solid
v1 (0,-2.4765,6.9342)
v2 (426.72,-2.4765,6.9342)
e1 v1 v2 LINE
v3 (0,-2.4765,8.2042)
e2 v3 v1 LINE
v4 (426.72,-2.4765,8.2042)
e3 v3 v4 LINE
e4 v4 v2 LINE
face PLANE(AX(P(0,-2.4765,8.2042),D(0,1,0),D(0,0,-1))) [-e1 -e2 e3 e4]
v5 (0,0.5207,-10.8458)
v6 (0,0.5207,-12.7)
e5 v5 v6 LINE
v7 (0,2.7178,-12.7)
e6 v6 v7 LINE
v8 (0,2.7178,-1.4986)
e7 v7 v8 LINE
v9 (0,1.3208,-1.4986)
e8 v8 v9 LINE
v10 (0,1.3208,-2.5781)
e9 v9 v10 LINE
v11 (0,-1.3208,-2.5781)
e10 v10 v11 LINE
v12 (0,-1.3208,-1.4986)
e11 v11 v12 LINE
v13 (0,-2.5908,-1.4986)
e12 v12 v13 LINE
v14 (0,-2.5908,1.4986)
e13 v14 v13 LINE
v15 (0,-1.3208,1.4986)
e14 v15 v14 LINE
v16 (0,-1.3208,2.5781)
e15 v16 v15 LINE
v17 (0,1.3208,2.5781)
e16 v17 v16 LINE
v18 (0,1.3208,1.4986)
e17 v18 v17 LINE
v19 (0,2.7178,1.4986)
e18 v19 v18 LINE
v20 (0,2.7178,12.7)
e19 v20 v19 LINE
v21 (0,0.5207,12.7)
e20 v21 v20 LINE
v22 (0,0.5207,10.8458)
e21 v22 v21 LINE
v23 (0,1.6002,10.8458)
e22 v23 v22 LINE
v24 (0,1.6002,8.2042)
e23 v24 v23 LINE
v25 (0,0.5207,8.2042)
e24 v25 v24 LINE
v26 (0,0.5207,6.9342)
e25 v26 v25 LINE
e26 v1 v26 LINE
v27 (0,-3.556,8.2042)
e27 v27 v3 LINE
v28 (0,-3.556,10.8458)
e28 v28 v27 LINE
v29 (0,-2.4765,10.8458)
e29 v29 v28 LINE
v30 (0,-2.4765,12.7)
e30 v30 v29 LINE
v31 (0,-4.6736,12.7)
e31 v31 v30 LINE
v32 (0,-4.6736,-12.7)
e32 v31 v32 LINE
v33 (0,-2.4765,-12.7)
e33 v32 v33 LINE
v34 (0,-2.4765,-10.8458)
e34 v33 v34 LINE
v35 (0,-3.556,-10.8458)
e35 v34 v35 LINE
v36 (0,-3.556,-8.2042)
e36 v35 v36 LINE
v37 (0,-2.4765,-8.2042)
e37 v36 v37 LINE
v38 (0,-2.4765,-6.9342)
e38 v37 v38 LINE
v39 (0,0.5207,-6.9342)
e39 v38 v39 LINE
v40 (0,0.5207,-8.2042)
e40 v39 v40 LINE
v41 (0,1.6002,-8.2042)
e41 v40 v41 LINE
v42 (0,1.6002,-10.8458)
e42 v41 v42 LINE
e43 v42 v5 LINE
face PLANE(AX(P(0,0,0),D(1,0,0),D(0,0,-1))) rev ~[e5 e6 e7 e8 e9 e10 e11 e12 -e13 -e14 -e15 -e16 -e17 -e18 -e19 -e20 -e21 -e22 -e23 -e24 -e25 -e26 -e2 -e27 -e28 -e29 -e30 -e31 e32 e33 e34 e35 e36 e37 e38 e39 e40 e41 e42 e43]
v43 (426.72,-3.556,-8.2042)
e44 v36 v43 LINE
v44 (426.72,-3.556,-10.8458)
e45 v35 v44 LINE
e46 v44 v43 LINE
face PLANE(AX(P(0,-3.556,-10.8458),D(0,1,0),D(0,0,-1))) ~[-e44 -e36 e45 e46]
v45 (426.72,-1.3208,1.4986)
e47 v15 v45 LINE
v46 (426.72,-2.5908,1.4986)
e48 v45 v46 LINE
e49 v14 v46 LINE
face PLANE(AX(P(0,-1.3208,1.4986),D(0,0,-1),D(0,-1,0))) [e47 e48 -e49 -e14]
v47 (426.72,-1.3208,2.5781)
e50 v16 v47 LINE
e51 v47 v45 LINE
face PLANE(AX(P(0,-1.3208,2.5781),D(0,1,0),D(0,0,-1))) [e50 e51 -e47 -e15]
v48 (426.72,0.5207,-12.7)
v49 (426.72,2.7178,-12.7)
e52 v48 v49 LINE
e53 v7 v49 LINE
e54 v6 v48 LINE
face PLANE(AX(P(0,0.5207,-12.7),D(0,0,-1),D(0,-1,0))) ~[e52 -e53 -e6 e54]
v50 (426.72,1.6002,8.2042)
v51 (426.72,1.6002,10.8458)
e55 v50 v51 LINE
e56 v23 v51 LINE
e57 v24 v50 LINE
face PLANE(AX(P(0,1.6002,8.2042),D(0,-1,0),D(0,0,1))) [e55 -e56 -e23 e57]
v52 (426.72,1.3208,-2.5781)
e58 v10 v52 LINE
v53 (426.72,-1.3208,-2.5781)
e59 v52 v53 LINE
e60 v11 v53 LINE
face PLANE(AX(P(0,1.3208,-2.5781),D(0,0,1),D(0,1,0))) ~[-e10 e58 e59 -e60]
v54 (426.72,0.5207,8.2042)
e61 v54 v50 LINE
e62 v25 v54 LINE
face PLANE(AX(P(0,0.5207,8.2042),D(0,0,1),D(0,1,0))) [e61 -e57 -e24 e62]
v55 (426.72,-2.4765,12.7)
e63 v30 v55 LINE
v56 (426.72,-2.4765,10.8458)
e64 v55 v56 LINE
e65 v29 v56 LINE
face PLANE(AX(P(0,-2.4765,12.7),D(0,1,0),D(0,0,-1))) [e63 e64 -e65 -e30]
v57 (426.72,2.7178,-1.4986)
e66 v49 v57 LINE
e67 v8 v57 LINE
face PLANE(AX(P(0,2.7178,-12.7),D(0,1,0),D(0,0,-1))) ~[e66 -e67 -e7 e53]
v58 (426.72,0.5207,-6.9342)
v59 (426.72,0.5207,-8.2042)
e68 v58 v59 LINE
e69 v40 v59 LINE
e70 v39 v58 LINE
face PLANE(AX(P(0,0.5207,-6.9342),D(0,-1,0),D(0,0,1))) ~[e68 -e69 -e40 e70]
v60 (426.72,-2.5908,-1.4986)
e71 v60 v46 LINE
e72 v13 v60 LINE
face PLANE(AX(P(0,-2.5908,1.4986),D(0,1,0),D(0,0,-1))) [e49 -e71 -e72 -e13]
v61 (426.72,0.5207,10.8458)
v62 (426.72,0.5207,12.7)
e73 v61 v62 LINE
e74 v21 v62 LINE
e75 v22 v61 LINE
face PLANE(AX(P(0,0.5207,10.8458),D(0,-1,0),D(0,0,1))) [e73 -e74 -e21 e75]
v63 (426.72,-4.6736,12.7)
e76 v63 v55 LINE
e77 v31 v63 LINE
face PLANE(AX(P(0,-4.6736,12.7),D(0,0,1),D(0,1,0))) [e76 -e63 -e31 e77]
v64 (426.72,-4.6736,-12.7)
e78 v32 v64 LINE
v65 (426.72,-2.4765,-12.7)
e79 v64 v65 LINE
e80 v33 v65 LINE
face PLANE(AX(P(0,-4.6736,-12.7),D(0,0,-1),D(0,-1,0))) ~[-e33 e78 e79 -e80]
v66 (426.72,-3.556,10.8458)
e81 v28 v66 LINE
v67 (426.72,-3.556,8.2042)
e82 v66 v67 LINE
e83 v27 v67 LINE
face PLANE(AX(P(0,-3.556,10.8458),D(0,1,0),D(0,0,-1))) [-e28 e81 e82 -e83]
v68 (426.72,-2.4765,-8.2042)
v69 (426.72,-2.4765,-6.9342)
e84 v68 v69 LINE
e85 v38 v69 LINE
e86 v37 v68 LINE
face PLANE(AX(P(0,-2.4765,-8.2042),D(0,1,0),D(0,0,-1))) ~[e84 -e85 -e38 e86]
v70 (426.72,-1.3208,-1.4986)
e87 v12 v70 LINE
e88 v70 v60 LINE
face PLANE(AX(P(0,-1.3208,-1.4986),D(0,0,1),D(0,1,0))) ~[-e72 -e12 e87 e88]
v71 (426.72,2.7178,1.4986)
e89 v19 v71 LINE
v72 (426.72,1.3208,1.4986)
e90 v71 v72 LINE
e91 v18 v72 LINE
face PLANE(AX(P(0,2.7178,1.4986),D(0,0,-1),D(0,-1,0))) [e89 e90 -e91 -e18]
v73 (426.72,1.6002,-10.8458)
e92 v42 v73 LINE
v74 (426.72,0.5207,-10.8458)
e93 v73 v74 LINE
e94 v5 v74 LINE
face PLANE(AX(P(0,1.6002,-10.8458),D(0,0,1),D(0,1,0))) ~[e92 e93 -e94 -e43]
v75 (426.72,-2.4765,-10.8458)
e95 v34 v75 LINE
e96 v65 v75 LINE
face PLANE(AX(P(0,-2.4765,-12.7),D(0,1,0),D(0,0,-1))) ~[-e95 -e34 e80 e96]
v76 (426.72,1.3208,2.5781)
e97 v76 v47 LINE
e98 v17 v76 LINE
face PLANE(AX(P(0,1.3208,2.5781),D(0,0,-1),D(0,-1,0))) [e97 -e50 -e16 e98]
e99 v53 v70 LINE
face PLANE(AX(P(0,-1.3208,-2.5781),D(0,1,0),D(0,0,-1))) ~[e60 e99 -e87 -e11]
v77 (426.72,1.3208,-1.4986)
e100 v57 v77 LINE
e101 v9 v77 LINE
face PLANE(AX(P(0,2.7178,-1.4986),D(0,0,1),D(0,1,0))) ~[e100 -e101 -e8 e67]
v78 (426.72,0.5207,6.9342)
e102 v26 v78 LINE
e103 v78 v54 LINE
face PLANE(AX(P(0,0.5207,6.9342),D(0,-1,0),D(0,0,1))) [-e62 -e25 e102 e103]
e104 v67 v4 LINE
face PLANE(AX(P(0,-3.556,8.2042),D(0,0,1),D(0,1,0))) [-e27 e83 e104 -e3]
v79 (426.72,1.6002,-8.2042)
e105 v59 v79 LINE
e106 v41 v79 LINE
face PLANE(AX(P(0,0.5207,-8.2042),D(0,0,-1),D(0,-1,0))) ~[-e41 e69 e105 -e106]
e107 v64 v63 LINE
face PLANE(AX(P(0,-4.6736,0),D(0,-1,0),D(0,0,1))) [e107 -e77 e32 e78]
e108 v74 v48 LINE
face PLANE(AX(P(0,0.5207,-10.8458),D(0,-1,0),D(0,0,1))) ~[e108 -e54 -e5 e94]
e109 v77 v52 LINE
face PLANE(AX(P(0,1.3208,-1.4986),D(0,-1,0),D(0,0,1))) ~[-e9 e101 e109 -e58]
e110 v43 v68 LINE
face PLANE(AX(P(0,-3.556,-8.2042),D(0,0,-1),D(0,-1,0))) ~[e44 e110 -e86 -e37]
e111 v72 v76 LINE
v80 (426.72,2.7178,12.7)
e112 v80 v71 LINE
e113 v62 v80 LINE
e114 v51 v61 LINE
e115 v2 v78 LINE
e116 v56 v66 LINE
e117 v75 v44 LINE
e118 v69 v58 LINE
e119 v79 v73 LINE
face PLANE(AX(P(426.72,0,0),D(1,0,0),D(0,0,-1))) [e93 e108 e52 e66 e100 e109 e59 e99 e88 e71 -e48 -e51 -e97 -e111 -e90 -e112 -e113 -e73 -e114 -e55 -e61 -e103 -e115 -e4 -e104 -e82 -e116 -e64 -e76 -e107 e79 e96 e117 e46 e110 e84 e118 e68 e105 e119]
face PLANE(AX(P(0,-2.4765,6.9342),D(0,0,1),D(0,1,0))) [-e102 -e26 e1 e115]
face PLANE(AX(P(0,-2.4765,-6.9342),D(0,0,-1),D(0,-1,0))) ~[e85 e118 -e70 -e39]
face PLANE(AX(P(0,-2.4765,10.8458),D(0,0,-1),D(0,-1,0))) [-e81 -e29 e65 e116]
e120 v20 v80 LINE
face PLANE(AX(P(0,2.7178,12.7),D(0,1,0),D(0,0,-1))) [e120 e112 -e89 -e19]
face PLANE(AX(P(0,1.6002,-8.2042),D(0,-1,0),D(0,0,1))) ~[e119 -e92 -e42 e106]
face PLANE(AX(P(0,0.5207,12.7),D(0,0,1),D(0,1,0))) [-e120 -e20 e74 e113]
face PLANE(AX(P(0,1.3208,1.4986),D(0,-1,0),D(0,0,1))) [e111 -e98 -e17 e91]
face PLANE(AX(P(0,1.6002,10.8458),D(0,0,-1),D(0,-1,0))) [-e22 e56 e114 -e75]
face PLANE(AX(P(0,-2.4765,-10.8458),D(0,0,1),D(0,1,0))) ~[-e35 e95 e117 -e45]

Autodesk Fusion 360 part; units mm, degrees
sketch "Sketch1" plane through (0, 0, 0) normal (1, 0, 0) x (0, 0, -1)
  line L0 (-12.7, -4.6736) -> (-12.7, -2.4765)
  line L1 (-12.7, -2.4765) -> (-10.8458, -2.4765)
  line L2 (-10.8458, -2.4765) -> (-10.8458, -3.556)
  line L3 (-10.8458, -3.556) -> (-8.2042, -3.556)
  line L4 (-8.2042, -3.556) -> (-8.2042, -2.4765)
  line L5 (-8.2042, -2.4765) -> (-6.9342, -2.4765)
  line L6 (-6.9342, -2.4765) -> (-6.9342, 0.5207)
  line L7 (-6.9342, 0.5207) -> (-8.2042, 0.5207)
  line L8 (-8.2042, 0.5207) -> (-8.2042, 1.6002)
  line L9 (-8.2042, 1.6002) -> (-10.8458, 1.6002)
  line L10 (-10.8458, 1.6002) -> (-10.8458, 0.5207)
  line L11 (-10.8458, 0.5207) -> (-12.7, 0.5207)
  line L12 (-12.7, 0.5207) -> (-12.7, 2.7178)
  line L13 (-12.7, 2.7178) -> (-1.4986, 2.7178)
  line L14 (-1.4986, 2.7178) -> (-1.4986, 1.3208)
  line L15 (-1.4986, 1.3208) -> (-2.5781, 1.3208)
  line L16 (-2.5781, 1.3208) -> (-2.5781, -1.3208)
  line L17 (-2.5781, -1.3208) -> (-1.4986, -1.3208)
  line L18 (-1.4986, -1.3208) -> (-1.4986, -2.5908)
  line L19 (-1.4986, -2.5908) -> (0, -2.5908)
  line L20 (0, -4.6736) -> (-12.7, -4.6736)
  line L21 (-9.525, -3.556) -> (-9.525, 1.6002) construction
  line L22 (0, -2.5908) -> (0, -4.6736)
  line L23 (-6.9342, -0.9779) -> (-13.037, -0.9779) construction
  line L24 (-2.5781, 0) -> (0, 0) construction
  dimension "d13" = 12.7
  dimension "d14" = 9.525
  dimension "d15" = 5.1562
  dimension "d16" = 7.3914
  dimension "d17" = 1.27
  dimension "d18" = 2.6416
  dimension "d19" = 1.8542
  dimension "d20" = 2.9972
  dimension "d21" = 1.1176
  dimension "d22" = 1.397
  dimension "d23" = 2.5781
  dimension "d24" = 2.6416
  dimension "d25" = 1.27
  dimension "d26" = 1.4986
extrude "Extrude1" add sketch "Sketch1" along normal blind 426.72 makes body 1
mirror "Mirror1" about plane through (0, 0, 0) normal (0, 0, 1) of bodies 1 makes body 2
combine "Combine1" operation add target body 1 tool bodies 2
equation "d13 = ( 1 / 2 ) * 1 in"
equation "d14 = ( 0.75 / 2 ) * 1 in"
equation "d23 = ( 0.203 / 2 ) * 1 in"
equation "d26 = ( 0.118 / 2 ) * 1 in"
equation "hp_length = 84"
equation "hp_constant = 5.08 mm"
equation "d29 = hp_constant * hp_length"
